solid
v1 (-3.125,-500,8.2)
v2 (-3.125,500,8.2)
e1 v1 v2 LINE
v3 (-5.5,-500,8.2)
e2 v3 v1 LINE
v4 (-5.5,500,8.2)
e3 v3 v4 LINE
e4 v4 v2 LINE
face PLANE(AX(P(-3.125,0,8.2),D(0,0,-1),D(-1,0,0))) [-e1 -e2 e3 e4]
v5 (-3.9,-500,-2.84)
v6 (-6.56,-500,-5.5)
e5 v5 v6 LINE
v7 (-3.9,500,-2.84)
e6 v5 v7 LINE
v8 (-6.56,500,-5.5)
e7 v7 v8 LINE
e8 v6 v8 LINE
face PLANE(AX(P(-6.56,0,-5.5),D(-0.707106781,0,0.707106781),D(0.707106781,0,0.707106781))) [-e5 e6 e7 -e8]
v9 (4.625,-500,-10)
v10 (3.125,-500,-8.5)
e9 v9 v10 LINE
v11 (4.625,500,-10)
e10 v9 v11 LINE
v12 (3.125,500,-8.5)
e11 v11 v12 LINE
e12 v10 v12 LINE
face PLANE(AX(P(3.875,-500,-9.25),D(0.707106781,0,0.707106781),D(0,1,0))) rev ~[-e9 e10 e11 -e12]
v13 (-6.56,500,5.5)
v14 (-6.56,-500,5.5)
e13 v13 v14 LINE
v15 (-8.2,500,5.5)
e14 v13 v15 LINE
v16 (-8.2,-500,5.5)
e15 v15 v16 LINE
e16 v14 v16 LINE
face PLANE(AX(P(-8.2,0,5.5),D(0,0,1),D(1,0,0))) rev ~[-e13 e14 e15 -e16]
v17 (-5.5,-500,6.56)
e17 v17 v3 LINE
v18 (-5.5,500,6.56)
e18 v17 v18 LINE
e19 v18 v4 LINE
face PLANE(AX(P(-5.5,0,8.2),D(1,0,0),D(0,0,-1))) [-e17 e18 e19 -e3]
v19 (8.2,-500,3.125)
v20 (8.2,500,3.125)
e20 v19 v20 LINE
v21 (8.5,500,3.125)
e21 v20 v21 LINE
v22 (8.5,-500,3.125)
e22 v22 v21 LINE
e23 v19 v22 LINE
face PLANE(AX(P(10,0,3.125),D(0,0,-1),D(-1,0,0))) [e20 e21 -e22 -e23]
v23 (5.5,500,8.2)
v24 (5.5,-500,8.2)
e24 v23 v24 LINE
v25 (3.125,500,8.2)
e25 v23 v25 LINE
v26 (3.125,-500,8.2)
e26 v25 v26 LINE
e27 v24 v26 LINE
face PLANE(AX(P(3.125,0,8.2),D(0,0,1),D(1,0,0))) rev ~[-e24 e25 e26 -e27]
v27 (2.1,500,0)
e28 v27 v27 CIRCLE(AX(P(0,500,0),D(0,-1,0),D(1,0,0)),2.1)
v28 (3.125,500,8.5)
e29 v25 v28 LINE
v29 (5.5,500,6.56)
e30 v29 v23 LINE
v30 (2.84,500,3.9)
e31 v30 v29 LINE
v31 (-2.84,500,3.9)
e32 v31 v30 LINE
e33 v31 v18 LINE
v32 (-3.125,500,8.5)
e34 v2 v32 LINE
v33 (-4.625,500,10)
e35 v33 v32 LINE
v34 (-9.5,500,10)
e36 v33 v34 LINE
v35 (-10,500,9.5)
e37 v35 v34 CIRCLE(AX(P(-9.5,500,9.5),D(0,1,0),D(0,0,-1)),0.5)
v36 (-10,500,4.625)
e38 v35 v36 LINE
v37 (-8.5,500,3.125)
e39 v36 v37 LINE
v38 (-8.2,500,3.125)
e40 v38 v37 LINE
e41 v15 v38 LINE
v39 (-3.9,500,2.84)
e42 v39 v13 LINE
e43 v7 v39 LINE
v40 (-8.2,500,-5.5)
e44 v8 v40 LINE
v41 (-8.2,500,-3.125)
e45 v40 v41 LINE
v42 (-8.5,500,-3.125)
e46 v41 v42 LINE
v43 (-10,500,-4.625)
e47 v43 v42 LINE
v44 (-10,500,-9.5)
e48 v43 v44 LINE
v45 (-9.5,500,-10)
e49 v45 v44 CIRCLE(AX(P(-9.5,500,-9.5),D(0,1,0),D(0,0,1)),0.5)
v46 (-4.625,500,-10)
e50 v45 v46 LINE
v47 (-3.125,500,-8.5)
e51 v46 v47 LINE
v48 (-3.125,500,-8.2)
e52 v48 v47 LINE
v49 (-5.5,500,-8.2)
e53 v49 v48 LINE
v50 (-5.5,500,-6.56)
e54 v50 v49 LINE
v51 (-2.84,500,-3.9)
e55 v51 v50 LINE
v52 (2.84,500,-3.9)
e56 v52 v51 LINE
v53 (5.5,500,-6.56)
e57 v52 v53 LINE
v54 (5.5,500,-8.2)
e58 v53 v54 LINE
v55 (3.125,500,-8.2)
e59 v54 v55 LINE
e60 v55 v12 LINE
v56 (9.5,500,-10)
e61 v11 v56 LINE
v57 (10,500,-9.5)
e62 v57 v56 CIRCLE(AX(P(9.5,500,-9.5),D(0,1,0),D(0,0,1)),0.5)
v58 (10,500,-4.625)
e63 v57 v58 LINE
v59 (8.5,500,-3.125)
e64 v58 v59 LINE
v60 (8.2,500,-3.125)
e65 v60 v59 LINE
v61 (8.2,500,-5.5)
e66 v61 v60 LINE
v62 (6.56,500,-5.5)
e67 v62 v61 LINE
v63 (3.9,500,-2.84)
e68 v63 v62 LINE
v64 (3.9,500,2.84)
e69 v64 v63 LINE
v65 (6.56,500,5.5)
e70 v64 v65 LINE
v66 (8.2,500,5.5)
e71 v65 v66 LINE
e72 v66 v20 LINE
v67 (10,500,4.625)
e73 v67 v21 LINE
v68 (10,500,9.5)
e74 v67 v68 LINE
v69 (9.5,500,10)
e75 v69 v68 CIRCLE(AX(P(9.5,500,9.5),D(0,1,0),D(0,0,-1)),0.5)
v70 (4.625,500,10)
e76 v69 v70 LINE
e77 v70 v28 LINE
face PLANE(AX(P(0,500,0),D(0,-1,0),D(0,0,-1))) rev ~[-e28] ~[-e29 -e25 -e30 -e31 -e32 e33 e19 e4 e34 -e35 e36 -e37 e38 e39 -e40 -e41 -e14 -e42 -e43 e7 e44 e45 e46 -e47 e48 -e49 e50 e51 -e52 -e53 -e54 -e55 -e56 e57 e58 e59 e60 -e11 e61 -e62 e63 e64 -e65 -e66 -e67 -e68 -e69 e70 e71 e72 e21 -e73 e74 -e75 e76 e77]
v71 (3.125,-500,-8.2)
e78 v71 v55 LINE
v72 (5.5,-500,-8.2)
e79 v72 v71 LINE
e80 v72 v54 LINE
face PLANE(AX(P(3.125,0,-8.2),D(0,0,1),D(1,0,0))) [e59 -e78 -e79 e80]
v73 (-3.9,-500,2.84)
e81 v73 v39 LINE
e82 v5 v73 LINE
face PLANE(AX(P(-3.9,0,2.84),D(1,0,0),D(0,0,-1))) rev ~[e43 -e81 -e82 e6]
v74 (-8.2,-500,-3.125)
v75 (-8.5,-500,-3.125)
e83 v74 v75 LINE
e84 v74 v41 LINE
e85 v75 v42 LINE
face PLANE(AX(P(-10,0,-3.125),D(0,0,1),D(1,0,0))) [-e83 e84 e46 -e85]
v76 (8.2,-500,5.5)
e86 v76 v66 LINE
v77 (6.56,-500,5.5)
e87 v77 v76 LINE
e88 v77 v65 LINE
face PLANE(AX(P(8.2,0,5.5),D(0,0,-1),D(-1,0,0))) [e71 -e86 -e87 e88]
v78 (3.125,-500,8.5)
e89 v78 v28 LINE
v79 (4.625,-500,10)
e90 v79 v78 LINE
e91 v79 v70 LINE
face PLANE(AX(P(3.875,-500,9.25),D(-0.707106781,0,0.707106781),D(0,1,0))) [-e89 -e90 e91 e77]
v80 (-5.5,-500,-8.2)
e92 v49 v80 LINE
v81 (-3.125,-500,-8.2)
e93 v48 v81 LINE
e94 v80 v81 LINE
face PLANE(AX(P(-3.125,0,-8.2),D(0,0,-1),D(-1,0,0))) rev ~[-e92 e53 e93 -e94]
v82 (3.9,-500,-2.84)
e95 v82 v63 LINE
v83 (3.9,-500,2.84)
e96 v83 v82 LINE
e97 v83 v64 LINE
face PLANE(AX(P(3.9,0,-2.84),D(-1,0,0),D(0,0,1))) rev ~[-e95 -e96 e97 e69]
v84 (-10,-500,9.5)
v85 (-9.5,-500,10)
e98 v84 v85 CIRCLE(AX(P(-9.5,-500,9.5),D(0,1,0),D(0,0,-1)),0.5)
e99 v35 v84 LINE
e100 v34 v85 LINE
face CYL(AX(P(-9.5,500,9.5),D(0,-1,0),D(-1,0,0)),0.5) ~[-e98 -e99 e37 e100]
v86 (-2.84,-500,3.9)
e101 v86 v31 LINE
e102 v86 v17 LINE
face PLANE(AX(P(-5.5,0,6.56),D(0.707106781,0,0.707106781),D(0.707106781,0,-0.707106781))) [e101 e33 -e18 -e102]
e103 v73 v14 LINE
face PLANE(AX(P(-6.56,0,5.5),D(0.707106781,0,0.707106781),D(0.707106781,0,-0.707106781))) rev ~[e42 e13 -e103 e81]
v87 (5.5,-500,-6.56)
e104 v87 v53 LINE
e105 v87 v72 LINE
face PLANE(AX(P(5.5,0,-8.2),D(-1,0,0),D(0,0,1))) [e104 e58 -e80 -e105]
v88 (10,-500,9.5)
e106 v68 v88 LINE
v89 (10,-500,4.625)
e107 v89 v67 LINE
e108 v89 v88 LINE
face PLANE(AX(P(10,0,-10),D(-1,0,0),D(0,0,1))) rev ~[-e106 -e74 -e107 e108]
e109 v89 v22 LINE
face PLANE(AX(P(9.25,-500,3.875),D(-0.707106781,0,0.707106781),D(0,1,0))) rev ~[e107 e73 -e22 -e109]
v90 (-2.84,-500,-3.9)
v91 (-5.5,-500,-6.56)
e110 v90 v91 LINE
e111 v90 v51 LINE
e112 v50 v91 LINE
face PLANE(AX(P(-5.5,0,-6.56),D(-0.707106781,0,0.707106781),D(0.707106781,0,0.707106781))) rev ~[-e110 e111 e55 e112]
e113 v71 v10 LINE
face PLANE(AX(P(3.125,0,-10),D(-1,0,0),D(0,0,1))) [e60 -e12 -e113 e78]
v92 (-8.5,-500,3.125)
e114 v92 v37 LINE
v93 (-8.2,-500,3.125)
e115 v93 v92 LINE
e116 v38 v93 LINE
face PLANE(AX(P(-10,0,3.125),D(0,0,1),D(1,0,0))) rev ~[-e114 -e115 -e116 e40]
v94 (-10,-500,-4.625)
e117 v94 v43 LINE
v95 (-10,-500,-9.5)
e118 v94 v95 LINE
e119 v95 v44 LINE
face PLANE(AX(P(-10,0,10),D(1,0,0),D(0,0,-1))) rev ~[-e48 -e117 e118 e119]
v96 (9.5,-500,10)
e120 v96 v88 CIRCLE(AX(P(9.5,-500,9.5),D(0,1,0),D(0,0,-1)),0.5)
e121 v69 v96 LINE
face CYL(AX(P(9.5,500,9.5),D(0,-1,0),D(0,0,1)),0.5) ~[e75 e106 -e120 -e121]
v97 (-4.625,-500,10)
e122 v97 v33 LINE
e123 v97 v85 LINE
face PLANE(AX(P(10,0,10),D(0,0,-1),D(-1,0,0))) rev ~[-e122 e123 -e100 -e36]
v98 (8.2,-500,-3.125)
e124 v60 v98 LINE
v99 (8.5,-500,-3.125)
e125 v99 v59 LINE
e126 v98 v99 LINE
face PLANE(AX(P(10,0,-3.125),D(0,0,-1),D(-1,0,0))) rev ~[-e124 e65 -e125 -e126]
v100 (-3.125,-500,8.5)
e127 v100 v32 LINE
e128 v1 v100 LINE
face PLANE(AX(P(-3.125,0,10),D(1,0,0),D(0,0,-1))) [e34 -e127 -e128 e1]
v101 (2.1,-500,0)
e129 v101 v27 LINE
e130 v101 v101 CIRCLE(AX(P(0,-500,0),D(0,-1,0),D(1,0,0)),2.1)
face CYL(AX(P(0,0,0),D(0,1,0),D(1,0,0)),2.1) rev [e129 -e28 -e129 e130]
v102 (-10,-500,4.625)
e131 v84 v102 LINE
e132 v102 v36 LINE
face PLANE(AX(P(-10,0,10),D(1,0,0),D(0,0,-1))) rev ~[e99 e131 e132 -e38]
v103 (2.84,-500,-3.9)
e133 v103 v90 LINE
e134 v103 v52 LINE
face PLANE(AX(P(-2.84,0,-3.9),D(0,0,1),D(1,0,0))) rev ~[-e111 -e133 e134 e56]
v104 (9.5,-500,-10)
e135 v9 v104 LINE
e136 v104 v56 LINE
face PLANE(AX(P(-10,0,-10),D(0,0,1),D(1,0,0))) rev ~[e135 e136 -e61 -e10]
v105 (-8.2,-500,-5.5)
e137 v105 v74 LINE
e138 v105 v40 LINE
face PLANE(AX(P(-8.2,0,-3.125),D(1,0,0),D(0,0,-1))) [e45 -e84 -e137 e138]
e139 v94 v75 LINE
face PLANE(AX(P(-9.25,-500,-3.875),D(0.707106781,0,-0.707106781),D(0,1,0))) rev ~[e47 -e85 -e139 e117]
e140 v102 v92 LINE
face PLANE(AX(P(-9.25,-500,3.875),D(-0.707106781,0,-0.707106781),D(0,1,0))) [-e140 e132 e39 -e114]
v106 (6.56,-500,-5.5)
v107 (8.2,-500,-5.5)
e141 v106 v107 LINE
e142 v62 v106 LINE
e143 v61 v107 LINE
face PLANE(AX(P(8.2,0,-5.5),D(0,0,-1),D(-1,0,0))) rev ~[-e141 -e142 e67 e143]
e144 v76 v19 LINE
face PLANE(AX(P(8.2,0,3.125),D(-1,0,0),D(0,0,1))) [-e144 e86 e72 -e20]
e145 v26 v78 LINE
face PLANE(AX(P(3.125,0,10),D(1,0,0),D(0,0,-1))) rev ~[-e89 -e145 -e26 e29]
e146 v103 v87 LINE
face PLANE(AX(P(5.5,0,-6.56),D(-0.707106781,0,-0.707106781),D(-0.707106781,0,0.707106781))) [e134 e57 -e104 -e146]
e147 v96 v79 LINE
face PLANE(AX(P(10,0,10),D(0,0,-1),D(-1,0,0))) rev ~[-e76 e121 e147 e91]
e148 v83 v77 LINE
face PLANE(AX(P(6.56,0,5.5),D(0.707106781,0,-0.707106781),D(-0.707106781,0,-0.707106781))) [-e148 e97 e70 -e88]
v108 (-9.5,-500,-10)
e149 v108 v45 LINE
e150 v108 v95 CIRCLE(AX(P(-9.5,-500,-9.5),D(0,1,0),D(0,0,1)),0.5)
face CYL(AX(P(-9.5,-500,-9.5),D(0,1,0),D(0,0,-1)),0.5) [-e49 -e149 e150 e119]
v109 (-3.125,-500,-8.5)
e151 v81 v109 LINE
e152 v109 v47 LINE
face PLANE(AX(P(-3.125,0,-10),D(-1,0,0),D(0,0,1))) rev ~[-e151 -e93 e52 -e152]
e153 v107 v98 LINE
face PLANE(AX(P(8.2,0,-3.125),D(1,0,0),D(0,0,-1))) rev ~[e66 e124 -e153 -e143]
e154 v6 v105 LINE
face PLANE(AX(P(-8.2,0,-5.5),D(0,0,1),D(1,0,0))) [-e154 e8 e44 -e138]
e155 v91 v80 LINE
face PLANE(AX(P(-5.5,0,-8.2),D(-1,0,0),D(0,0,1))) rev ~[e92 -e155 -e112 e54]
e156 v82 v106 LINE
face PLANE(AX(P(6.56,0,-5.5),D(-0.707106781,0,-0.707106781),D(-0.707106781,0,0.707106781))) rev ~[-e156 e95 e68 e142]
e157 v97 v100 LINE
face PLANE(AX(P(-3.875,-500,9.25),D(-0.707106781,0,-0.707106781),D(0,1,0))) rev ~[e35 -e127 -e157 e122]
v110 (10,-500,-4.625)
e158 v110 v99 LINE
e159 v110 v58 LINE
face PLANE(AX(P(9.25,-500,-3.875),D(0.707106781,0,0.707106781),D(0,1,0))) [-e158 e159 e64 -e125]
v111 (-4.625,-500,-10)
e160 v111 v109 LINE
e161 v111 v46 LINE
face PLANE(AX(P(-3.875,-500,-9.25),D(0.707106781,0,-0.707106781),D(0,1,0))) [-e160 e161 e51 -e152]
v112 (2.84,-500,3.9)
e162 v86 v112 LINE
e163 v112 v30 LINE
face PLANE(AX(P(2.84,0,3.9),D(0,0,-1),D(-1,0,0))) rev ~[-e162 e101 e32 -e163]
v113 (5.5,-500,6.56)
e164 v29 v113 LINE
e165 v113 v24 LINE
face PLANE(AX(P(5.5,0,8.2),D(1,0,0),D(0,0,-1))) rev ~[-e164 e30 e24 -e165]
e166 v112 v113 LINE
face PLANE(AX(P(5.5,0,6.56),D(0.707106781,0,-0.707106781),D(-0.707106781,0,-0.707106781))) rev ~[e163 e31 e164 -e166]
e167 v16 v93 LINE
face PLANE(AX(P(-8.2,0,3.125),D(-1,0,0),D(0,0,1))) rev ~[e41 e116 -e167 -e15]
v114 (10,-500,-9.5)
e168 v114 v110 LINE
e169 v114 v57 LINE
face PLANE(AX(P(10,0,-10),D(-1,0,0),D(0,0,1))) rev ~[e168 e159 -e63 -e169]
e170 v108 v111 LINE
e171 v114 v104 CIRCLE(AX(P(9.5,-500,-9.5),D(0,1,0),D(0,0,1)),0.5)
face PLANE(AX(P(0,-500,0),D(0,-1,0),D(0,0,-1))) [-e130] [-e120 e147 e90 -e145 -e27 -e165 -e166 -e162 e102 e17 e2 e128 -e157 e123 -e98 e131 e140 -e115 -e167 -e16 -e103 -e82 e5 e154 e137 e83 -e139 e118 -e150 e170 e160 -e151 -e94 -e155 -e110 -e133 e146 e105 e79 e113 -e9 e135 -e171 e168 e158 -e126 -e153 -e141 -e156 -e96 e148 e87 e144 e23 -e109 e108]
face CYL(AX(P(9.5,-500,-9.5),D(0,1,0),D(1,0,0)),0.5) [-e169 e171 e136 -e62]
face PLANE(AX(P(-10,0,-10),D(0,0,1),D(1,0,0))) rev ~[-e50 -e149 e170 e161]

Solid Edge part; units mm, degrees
sketch "Sketch1" plane through (0, 0, 0) normal (0, -1, 0) x (1, 0, 0)
  line L0 (10, -10) -> (10, 10)
  line L1 (10, 10) -> (-10, 10)
  line L2 (-10, 10) -> (-10, -10)
  line L3 (-10, -10) -> (10, -10)
  circle A0 centre (0, 0) radius 2.1
  dimension "D1" = 1.64
  dimension "D2" = 1.8
  dimension "D3" = 20
  dimension "D4" = 20
  dimension "D5" = 3.9
  dimension "D6" = 6.25
  dimension "D7" = 11
extrude "Protrusion1" add sketch "Sketch1" along normal mid plane 1000
sketch "Sketch2" plane through (0, 0, 0) normal (0, -1, 0) x (1, 0, 0)
  line L0 (5.5, 6.56) -> (2.84, 3.9)
  line L1 (2.84, 3.9) -> (-2.84, 3.9)
  line L2 (-5.5, 6.56) -> (-2.84, 3.9)
  line L3 (-5.5, 8.2) -> (-5.5, 6.56)
  line L4 (-3.125, 8.2) -> (-5.5, 8.2)
  line L5 (-3.125, 10) -> (-3.125, 8.2)
  line L6 (-3.125, 10) -> (3.125, 10)
  line L7 (3.125, 10) -> (3.125, 8.2)
  line L8 (3.125, 8.2) -> (5.5, 8.2)
  line L9 (5.5, 8.2) -> (5.5, 6.56)
extrude "Cutout1" cut sketch "Sketch2" along normal through all and the other way through all
chamfer "Chaflán_1" distance 1.5 angle 45 2 edges at (-3.125, 0, 10) (3.125, 0, 10)
pattern_circular "Pattern1" count 4 over 360 about axis through (0, -500, 0) along (0, 1, 0) of "Cutout1", "Chaflán_1"
fillet "Redondeo_3" radius 0.5 4 edges at (-10, 0, 10) (10, 0, 10) (10, 0, -10) (-10, 0, -10)
